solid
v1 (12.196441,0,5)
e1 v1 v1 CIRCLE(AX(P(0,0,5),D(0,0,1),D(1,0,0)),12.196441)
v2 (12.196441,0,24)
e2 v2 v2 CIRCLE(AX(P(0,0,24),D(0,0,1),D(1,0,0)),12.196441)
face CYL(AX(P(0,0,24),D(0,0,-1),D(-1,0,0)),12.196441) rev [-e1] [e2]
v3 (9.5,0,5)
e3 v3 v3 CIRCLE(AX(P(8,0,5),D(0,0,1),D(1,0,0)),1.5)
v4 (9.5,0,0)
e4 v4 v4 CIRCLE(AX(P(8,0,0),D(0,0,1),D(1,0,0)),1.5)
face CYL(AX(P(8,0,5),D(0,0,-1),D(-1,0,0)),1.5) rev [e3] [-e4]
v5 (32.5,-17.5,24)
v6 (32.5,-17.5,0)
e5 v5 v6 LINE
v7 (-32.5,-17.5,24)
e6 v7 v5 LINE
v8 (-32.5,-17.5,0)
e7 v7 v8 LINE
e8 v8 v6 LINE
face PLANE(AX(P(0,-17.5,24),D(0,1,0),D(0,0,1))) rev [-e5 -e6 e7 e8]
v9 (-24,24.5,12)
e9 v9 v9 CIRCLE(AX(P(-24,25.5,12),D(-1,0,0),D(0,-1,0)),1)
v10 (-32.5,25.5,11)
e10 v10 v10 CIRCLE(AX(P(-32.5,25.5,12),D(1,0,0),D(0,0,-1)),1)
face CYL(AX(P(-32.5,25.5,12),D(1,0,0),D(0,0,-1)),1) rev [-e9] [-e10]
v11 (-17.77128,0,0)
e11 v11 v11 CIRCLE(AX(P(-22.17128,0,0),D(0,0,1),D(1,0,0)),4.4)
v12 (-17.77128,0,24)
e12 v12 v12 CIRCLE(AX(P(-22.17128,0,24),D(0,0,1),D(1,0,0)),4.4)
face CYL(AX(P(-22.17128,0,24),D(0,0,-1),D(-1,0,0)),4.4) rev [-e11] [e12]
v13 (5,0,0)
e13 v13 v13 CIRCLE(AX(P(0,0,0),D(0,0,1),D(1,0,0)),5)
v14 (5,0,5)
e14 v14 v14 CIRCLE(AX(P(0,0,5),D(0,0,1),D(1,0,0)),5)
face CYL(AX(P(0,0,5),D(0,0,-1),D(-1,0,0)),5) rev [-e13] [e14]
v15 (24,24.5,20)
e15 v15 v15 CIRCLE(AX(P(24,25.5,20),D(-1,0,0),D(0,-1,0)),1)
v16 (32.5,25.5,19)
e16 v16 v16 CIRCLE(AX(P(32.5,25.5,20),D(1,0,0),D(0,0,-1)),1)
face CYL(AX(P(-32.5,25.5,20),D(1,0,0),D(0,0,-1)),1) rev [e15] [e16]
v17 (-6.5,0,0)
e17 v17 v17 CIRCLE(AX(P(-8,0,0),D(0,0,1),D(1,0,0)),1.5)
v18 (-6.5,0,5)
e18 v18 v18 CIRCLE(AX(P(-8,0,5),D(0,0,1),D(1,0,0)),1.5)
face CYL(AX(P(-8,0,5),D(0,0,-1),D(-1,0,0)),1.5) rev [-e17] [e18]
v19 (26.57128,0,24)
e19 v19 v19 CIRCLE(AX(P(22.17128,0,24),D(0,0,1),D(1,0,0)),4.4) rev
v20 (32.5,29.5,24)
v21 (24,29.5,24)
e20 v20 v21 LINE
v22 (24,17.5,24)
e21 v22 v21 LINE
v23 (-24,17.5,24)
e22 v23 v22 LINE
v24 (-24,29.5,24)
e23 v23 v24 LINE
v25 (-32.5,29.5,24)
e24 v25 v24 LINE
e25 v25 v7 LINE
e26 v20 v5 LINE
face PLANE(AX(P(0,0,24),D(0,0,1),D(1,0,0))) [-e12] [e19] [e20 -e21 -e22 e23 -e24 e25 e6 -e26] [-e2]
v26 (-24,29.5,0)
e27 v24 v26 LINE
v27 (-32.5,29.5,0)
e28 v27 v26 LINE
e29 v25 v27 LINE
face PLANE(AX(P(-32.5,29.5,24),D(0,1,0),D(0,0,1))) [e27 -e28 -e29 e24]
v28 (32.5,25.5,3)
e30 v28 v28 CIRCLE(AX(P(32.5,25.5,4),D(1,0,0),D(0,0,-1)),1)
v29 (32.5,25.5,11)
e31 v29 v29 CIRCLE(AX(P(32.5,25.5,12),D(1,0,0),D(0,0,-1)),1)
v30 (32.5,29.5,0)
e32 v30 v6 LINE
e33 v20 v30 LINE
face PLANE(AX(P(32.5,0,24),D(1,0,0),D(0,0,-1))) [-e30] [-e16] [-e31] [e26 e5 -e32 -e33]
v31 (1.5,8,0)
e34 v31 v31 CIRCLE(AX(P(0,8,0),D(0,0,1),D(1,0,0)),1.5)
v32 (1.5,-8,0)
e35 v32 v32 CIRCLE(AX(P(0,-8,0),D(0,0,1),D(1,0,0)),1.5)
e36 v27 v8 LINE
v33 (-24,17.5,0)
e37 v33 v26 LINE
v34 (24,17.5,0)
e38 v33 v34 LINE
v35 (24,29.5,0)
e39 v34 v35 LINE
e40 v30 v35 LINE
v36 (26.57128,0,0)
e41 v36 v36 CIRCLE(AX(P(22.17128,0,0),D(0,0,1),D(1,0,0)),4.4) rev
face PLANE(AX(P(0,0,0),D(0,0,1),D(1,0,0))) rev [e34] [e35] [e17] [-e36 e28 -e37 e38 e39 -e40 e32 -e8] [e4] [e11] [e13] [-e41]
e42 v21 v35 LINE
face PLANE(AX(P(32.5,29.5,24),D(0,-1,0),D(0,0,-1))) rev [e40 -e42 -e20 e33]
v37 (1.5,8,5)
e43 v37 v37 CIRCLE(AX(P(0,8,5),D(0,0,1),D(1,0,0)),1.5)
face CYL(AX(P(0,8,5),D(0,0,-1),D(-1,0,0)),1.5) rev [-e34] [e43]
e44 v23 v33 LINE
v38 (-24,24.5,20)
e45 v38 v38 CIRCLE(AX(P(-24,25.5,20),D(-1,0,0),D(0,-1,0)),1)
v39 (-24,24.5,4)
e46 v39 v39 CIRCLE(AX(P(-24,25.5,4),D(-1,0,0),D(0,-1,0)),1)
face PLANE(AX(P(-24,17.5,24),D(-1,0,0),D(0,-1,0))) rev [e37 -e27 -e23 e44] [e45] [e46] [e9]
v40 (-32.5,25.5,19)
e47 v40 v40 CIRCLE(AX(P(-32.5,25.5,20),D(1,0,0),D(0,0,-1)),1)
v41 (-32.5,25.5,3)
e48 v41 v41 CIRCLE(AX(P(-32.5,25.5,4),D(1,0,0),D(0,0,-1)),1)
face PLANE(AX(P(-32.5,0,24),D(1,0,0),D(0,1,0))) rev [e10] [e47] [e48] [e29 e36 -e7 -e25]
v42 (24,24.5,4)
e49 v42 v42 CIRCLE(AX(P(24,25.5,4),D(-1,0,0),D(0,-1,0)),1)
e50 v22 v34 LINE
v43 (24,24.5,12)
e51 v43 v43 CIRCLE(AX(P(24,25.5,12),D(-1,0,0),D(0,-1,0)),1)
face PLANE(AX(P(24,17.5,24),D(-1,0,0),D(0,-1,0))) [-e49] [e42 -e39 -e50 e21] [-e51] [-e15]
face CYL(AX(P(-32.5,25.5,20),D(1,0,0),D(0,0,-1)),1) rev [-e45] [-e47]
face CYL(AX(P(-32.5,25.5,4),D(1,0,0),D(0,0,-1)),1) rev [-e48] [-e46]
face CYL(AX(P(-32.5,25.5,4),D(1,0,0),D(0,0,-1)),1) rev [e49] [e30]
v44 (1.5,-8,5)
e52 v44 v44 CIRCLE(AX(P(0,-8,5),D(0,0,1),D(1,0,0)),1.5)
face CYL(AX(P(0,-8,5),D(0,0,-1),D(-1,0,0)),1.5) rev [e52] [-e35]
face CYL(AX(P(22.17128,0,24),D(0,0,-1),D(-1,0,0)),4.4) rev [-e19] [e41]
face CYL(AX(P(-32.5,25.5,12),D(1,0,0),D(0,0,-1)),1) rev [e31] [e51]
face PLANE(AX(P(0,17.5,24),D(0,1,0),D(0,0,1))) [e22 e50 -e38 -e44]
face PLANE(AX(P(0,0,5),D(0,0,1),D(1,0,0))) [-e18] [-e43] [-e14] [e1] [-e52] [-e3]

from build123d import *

# Parameters (mm, degrees)
SKETCH1_R               = 4.4
SKETCH1_R_2             = 12.196440552
BOSS_EXTRUDE1_DEPTH     = 24
SKETCH1_3_R             = 12.196440552
SKETCH1_3_R_2           = 1.5
SKETCH1_3_R_3           = 5
BOSS_EXTRUDE2_DEPTH     = 5
SKETCH2_R               = 1
CUT_EXTRUDE1_DEPTH      = 33.5
CUT_EXTRUDE1_DEPTH_BACK = 33.5


with BuildPart() as part:
    # Sketch1 → Boss-Extrude1 (new body)
    with BuildSketch(Plane.XY):
        Polygon((-32.5, 29.5), (-32.5, -17.5), (32.5, -17.5), (32.5, 29.5), (24, 29.5), (24, 17.5), (-24, 17.5), (-24, 29.5), align=None)
        with Locations((22.171280209, 0)):
            Circle(SKETCH1_R, mode=Mode.SUBTRACT)
        with Locations((-22.171280209, 0)):
            Circle(SKETCH1_R, mode=Mode.SUBTRACT)
        Circle(SKETCH1_R_2, mode=Mode.SUBTRACT)
    extrude(amount=BOSS_EXTRUDE1_DEPTH)

    # Sketch1<3> → Boss-Extrude2 (add)
    with BuildSketch(Plane.XY):
        Circle(SKETCH1_3_R)
        with Locations((-8, 0)):
            Circle(SKETCH1_3_R_2, mode=Mode.SUBTRACT)
        with Locations((0, -8)):
            Circle(SKETCH1_3_R_2, mode=Mode.SUBTRACT)
        with Locations((8, 0)):
            Circle(SKETCH1_3_R_2, mode=Mode.SUBTRACT)
        with Locations((0, 8)):
            Circle(SKETCH1_3_R_2, mode=Mode.SUBTRACT)
        Circle(SKETCH1_3_R_3, mode=Mode.SUBTRACT)
    extrude(amount=BOSS_EXTRUDE2_DEPTH)

    # Sketch2 → Cut-Extrude1 (cut, two sides)
    with BuildSketch(Plane(origin=(0, 0, 0), x_dir=(0, 0, -1), z_dir=(1, 0, 0))) as cut_extrude1_sk:
        with Locations((-20, 25.5)):
            Circle(SKETCH2_R)
        with Locations((-12, 25.5)):
            Circle(SKETCH2_R)
        with Locations((-4, 25.5)):
            Circle(SKETCH2_R)
    extrude(amount=CUT_EXTRUDE1_DEPTH, mode=Mode.SUBTRACT)
    extrude(cut_extrude1_sk.sketch, amount=-CUT_EXTRUDE1_DEPTH_BACK, mode=Mode.SUBTRACT)


solid = part.part
